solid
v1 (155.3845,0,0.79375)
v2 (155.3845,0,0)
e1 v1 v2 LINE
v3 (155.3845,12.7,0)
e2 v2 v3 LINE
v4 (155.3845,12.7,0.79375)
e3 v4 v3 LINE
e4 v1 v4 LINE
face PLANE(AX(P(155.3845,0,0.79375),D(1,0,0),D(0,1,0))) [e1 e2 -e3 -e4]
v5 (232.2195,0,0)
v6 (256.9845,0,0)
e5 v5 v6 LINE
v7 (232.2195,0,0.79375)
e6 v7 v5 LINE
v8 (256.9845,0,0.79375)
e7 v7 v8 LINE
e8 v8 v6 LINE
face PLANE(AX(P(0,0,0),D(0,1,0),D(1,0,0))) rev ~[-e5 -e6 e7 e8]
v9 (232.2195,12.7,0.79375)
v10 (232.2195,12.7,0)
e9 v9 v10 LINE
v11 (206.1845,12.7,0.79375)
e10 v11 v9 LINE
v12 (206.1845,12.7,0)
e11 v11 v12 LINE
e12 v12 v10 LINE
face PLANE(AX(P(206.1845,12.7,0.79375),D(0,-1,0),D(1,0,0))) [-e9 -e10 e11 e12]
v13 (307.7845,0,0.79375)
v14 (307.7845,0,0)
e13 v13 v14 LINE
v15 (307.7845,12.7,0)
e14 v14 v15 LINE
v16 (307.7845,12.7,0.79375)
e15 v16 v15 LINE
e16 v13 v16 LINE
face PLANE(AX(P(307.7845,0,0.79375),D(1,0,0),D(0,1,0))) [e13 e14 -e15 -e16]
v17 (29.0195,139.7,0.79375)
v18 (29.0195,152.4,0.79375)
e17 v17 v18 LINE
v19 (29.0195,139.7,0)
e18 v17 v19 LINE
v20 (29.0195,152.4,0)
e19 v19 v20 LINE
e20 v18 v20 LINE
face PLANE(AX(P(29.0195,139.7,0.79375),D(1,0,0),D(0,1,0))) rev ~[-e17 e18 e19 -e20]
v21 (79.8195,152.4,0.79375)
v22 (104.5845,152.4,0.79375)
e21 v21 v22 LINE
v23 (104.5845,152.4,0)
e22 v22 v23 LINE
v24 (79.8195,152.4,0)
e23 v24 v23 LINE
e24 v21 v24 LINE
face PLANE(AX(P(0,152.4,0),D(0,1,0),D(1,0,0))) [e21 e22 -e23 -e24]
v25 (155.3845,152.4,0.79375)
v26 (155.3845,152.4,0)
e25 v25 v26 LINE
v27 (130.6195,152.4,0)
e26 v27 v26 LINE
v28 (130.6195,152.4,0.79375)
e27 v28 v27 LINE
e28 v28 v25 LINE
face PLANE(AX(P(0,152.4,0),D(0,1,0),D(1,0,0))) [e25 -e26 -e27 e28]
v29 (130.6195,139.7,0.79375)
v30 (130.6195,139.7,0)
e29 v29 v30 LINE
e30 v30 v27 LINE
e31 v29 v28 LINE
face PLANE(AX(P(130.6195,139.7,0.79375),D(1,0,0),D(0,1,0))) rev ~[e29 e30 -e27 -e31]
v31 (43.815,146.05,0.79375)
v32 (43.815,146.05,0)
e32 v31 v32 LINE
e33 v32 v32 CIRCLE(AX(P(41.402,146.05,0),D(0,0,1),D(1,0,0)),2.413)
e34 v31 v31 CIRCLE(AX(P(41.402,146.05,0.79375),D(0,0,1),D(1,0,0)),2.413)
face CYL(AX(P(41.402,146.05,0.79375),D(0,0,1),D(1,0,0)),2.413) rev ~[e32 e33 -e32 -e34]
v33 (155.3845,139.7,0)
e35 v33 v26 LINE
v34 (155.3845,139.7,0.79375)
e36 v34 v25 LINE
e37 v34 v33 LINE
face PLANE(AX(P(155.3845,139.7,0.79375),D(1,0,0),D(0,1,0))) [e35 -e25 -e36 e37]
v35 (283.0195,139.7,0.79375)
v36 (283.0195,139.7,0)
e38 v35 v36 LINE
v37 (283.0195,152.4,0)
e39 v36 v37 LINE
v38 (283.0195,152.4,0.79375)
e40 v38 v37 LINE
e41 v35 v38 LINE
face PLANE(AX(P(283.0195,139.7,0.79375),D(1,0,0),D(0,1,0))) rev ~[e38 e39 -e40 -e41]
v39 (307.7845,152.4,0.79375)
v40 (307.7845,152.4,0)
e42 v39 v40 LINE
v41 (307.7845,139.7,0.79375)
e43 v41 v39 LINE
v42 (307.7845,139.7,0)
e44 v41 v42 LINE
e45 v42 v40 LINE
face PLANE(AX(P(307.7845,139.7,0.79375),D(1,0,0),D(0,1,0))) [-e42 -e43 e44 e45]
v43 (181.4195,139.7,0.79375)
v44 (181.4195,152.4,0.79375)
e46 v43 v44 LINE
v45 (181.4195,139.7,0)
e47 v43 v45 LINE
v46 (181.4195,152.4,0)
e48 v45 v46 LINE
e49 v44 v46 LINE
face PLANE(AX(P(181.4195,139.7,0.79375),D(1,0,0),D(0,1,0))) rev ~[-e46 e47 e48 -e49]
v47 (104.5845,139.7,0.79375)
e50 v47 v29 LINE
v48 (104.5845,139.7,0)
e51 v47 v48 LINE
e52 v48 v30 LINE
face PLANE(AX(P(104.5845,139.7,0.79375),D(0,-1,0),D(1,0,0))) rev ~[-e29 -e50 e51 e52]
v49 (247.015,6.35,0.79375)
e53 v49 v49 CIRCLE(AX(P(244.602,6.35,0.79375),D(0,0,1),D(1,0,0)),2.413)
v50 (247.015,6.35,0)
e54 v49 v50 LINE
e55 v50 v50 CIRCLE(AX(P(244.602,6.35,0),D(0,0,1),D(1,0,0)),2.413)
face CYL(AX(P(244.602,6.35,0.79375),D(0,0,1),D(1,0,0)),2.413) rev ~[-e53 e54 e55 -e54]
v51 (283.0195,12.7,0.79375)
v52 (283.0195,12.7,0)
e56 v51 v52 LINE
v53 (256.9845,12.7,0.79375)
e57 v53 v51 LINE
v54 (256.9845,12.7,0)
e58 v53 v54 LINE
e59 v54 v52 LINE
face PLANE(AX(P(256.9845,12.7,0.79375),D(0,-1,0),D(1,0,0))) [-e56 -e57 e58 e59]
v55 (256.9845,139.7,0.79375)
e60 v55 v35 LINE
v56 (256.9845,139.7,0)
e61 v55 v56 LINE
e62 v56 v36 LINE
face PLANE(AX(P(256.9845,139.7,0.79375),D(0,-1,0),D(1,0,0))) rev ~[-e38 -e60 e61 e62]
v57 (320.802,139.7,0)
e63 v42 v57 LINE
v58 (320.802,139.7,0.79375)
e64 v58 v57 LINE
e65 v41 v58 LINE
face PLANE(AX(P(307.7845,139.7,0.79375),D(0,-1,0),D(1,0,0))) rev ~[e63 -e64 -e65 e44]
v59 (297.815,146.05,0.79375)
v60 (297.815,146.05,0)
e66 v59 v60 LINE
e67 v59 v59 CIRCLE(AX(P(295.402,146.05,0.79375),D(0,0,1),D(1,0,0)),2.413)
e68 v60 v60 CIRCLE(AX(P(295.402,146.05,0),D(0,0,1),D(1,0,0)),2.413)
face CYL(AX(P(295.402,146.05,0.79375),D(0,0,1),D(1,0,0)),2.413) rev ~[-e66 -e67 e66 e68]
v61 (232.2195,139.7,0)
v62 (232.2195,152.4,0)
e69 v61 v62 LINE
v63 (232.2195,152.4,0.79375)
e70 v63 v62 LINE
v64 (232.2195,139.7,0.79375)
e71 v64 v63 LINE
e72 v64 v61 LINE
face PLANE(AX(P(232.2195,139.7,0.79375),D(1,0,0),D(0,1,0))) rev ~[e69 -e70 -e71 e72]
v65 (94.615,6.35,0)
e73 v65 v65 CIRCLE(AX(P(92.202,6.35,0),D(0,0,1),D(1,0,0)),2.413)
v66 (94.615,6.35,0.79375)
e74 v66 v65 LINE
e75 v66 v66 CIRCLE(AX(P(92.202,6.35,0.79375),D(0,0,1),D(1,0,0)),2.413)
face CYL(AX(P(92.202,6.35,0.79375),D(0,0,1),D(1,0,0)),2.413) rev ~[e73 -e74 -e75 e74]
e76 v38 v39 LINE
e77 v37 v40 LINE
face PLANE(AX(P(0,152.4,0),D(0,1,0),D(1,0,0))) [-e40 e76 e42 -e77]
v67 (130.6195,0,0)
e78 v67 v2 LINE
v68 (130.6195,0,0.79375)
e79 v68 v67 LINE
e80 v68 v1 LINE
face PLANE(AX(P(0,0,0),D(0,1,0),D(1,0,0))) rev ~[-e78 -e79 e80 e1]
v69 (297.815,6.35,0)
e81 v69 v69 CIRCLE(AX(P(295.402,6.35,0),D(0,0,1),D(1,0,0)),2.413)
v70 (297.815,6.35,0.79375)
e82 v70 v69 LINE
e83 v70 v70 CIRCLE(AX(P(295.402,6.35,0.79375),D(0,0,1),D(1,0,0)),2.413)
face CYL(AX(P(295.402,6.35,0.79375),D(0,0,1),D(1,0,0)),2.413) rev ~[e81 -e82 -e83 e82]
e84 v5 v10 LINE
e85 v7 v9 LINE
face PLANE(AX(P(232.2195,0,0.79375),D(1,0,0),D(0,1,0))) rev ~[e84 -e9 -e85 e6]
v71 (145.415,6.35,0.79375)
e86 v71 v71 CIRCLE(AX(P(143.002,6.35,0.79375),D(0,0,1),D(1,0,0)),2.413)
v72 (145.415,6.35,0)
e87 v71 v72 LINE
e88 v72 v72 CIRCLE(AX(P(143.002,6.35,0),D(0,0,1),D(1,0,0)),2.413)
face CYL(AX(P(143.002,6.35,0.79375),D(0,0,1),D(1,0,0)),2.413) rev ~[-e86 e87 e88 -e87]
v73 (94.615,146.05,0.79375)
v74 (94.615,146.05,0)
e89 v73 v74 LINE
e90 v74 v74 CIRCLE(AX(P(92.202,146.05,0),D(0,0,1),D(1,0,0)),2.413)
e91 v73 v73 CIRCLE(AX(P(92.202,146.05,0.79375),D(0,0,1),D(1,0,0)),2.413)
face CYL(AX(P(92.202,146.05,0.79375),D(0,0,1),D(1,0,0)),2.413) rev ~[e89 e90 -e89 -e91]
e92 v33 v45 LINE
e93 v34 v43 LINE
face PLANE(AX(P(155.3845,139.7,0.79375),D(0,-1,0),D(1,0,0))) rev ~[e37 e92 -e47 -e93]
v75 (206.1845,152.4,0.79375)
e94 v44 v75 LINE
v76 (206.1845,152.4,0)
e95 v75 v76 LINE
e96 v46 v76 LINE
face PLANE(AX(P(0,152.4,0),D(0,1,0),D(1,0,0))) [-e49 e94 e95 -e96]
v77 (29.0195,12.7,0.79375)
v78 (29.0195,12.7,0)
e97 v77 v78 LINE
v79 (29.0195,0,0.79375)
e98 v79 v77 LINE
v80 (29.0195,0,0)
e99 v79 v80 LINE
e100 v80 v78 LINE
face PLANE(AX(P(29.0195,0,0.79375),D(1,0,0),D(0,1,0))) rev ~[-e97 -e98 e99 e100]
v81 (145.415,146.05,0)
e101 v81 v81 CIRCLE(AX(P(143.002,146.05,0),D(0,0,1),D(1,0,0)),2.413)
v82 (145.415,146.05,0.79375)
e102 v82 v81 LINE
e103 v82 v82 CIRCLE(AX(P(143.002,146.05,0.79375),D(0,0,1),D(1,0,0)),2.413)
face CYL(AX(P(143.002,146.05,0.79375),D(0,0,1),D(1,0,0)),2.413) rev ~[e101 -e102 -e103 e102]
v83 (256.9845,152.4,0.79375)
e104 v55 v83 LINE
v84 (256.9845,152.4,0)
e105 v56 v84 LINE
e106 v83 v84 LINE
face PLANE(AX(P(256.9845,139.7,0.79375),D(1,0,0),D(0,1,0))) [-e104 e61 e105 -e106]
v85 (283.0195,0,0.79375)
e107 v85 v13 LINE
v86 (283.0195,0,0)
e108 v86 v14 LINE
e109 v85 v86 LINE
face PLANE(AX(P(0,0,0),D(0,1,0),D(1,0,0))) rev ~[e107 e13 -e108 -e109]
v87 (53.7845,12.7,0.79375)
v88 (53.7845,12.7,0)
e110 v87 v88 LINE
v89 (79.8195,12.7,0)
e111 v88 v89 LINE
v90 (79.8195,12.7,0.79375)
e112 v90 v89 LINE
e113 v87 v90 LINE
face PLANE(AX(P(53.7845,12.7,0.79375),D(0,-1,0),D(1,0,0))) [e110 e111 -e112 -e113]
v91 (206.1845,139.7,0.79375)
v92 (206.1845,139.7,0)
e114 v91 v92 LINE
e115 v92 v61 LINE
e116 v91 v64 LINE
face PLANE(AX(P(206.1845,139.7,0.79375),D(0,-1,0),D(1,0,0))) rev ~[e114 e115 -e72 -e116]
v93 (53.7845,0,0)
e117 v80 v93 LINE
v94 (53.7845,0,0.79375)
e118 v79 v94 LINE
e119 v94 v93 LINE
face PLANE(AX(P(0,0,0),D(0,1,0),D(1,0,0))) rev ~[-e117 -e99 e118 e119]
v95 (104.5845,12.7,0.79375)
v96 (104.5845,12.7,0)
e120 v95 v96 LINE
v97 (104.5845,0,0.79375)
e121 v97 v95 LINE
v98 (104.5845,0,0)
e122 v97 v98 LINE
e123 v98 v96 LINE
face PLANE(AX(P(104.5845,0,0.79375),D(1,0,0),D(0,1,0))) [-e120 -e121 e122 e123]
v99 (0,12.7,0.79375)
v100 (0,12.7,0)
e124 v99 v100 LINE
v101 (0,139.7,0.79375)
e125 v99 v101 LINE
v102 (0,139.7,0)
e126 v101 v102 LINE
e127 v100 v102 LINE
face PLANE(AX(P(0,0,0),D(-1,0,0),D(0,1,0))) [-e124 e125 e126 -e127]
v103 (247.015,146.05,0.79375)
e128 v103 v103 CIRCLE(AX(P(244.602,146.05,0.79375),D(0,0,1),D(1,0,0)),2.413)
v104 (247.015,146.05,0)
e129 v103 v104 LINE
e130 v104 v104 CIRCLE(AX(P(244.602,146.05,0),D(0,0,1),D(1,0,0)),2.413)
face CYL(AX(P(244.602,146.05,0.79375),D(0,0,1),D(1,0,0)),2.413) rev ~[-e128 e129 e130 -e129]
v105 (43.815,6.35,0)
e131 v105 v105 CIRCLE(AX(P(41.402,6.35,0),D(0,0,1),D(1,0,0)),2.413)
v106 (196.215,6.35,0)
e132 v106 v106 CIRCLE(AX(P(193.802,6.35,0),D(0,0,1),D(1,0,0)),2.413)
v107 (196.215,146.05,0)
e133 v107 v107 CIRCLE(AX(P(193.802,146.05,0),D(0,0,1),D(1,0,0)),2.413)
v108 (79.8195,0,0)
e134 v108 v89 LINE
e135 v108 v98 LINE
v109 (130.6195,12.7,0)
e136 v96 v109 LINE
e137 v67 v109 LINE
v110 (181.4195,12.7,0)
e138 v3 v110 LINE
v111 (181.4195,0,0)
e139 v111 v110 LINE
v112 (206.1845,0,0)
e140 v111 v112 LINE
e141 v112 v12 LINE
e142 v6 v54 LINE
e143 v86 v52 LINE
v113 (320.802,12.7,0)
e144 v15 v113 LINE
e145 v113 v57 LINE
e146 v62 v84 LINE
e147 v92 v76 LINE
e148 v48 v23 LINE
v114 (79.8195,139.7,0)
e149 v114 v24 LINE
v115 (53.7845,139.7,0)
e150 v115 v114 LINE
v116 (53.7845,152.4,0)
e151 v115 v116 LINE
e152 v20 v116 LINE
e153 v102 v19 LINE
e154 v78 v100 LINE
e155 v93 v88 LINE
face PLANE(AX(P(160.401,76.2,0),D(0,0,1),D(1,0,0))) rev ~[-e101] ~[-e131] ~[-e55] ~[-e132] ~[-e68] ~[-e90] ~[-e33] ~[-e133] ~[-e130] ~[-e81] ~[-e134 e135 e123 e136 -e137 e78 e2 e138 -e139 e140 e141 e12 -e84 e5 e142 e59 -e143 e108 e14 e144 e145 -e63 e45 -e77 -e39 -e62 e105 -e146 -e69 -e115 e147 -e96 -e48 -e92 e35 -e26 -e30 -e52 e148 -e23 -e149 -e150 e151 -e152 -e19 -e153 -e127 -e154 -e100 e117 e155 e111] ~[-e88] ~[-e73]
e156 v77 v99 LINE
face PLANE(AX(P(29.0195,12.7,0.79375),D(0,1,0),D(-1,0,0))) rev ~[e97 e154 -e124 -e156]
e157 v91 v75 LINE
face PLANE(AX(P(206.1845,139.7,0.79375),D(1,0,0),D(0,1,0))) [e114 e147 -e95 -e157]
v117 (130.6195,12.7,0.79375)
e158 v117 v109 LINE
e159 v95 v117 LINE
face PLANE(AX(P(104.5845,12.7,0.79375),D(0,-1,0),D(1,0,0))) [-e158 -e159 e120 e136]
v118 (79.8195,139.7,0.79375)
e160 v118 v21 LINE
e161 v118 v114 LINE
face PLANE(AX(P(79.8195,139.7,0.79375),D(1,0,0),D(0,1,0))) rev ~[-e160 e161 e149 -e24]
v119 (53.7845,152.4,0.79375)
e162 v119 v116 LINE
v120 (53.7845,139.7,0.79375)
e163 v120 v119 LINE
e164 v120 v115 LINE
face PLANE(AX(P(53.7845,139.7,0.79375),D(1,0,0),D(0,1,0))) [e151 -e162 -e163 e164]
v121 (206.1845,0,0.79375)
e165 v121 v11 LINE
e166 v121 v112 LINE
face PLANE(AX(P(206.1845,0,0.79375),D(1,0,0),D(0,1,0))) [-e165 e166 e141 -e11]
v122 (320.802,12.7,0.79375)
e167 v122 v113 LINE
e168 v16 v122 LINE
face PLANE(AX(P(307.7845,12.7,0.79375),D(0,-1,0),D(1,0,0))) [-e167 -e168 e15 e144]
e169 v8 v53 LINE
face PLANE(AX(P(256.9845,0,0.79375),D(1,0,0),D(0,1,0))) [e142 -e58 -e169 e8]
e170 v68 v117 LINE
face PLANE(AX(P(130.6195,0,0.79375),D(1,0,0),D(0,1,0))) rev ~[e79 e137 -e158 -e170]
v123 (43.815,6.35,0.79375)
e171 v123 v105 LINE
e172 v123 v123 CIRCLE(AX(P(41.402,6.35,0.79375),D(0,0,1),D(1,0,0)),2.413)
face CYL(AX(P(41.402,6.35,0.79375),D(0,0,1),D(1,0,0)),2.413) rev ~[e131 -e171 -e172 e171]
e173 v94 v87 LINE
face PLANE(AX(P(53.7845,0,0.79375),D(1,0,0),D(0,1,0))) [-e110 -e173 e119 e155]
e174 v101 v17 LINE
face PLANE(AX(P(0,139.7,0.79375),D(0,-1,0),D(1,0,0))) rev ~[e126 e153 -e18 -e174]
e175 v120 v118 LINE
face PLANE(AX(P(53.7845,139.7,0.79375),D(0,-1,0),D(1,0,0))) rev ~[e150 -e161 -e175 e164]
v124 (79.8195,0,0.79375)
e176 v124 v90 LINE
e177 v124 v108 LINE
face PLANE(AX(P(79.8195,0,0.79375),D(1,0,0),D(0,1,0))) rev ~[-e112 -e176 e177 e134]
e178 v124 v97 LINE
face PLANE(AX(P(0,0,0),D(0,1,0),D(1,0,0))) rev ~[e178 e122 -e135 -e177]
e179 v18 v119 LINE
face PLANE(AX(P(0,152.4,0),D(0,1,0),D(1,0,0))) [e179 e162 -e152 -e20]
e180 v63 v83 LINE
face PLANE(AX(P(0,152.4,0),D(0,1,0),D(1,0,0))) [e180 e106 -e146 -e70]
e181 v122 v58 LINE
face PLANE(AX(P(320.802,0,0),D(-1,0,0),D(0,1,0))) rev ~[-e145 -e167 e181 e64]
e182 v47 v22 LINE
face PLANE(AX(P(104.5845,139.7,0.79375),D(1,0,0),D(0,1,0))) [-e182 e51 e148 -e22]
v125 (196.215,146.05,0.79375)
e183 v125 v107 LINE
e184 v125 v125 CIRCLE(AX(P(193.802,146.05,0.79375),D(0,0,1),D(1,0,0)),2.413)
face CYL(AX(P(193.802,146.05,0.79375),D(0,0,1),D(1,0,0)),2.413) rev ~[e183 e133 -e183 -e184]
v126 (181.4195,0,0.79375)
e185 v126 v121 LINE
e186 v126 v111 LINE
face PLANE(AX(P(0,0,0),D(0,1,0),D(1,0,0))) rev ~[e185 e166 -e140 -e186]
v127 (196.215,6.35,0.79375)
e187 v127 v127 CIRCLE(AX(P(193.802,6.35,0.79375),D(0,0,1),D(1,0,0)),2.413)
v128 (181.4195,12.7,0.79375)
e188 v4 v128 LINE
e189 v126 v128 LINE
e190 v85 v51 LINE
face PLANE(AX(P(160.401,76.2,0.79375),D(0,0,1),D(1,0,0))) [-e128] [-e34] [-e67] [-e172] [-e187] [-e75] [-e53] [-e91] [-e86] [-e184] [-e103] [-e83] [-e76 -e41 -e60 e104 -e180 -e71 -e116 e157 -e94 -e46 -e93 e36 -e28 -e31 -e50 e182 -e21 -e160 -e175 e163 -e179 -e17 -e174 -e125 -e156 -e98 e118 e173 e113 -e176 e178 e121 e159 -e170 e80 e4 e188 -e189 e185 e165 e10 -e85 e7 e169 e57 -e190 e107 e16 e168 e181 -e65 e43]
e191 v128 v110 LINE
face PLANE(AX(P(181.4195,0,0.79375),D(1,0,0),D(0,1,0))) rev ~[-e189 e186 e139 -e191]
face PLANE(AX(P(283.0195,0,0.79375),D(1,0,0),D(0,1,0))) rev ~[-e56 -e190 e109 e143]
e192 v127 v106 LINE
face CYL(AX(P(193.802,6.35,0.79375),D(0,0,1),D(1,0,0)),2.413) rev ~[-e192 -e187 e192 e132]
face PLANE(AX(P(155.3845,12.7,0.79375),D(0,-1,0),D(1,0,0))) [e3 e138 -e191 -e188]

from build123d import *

# Parameters (mm, degrees)
SKETCH1_W           = 320.802
SKETCH1_H           = 152.4
BOSS_EXTRUDE1_DEPTH = 0.79375
SKETCH2_W           = 13.0175
SKETCH2_H           = 12.7
SKETCH2_W_2         = 26.035
SKETCH2_W_3         = 2.9845
CUT_EXTRUDE1_DEPTH  = 1.79375
SKETCH3_R           = 2.413
CUT_EXTRUDE2_DEPTH  = 1.79375


with BuildPart() as part:
    # Sketch1 → Boss-Extrude1 (new body)
    with BuildSketch(Plane.XY):
        with Locations((160.401, 76.2)):
            Rectangle(SKETCH1_W, SKETCH1_H)
    extrude(amount=BOSS_EXTRUDE1_DEPTH)

    # Sketch2 → Cut-Extrude1 (cut, through all)
    with BuildSketch(Plane.XY.offset(0.79375)):
        with Locations((314.29325, 146.05)):
            Rectangle(SKETCH2_W, SKETCH2_H)
        with Locations((270.002, 146.05)):
            Rectangle(SKETCH2_W_2, SKETCH2_H)
        with Locations((219.202, 146.05)):
            Rectangle(SKETCH2_W_2, SKETCH2_H)
        with Locations((168.402, 146.05)):
            Rectangle(SKETCH2_W_2, SKETCH2_H)
        with Locations((117.602, 146.05)):
            Rectangle(SKETCH2_W_2, SKETCH2_H)
        with Locations((66.802, 146.05)):
            Rectangle(SKETCH2_W_2, SKETCH2_H)
        with Locations((16.002, 146.05)):
            Rectangle(SKETCH2_W_2, SKETCH2_H)
        with Locations((1.49225, 146.05)):
            Rectangle(SKETCH2_W_3, SKETCH2_H)
        with Locations((1.49225, 6.35)):
            Rectangle(SKETCH2_W_3, SKETCH2_H)
        with Locations((16.002, 6.35)):
            Rectangle(SKETCH2_W_2, SKETCH2_H)
        with Locations((66.802, 6.35)):
            Rectangle(SKETCH2_W_2, SKETCH2_H)
        with Locations((117.602, 6.35)):
            Rectangle(SKETCH2_W_2, SKETCH2_H)
        with Locations((168.402, 6.35)):
            Rectangle(SKETCH2_W_2, SKETCH2_H)
        with Locations((219.202, 6.35)):
            Rectangle(SKETCH2_W_2, SKETCH2_H)
        with Locations((270.002, 6.35)):
            Rectangle(SKETCH2_W_2, SKETCH2_H)
        with Locations((314.29325, 6.35)):
            Rectangle(SKETCH2_W, SKETCH2_H)
    extrude(amount=-CUT_EXTRUDE1_DEPTH, mode=Mode.SUBTRACT)

    # Sketch3 → Cut-Extrude2 (cut, through all)
    with BuildSketch(Plane.XY.offset(0.79375)):
        with Locations((41.402, 146.05)):
            Circle(SKETCH3_R)
        with Locations((92.202, 146.05)):
            Circle(SKETCH3_R)
        with Locations((143.002, 146.05)):
            Circle(SKETCH3_R)
        with Locations((193.802, 146.05)):
            Circle(SKETCH3_R)
        with Locations((244.602, 146.05)):
            Circle(SKETCH3_R)
        with Locations((295.402, 146.05)):
            Circle(SKETCH3_R)
        with Locations((92.202, 6.35)):
            Circle(SKETCH3_R)
        with Locations((143.002, 6.35)):
            Circle(SKETCH3_R)
        with Locations((193.802, 6.35)):
            Circle(SKETCH3_R)
        with Locations((244.602, 6.35)):
            Circle(SKETCH3_R)
        with Locations((295.402, 6.35)):
            Circle(SKETCH3_R)
        with Locations((41.402, 6.35)):
            Circle(SKETCH3_R)
    extrude(amount=-CUT_EXTRUDE2_DEPTH, mode=Mode.SUBTRACT)


solid = part.part
